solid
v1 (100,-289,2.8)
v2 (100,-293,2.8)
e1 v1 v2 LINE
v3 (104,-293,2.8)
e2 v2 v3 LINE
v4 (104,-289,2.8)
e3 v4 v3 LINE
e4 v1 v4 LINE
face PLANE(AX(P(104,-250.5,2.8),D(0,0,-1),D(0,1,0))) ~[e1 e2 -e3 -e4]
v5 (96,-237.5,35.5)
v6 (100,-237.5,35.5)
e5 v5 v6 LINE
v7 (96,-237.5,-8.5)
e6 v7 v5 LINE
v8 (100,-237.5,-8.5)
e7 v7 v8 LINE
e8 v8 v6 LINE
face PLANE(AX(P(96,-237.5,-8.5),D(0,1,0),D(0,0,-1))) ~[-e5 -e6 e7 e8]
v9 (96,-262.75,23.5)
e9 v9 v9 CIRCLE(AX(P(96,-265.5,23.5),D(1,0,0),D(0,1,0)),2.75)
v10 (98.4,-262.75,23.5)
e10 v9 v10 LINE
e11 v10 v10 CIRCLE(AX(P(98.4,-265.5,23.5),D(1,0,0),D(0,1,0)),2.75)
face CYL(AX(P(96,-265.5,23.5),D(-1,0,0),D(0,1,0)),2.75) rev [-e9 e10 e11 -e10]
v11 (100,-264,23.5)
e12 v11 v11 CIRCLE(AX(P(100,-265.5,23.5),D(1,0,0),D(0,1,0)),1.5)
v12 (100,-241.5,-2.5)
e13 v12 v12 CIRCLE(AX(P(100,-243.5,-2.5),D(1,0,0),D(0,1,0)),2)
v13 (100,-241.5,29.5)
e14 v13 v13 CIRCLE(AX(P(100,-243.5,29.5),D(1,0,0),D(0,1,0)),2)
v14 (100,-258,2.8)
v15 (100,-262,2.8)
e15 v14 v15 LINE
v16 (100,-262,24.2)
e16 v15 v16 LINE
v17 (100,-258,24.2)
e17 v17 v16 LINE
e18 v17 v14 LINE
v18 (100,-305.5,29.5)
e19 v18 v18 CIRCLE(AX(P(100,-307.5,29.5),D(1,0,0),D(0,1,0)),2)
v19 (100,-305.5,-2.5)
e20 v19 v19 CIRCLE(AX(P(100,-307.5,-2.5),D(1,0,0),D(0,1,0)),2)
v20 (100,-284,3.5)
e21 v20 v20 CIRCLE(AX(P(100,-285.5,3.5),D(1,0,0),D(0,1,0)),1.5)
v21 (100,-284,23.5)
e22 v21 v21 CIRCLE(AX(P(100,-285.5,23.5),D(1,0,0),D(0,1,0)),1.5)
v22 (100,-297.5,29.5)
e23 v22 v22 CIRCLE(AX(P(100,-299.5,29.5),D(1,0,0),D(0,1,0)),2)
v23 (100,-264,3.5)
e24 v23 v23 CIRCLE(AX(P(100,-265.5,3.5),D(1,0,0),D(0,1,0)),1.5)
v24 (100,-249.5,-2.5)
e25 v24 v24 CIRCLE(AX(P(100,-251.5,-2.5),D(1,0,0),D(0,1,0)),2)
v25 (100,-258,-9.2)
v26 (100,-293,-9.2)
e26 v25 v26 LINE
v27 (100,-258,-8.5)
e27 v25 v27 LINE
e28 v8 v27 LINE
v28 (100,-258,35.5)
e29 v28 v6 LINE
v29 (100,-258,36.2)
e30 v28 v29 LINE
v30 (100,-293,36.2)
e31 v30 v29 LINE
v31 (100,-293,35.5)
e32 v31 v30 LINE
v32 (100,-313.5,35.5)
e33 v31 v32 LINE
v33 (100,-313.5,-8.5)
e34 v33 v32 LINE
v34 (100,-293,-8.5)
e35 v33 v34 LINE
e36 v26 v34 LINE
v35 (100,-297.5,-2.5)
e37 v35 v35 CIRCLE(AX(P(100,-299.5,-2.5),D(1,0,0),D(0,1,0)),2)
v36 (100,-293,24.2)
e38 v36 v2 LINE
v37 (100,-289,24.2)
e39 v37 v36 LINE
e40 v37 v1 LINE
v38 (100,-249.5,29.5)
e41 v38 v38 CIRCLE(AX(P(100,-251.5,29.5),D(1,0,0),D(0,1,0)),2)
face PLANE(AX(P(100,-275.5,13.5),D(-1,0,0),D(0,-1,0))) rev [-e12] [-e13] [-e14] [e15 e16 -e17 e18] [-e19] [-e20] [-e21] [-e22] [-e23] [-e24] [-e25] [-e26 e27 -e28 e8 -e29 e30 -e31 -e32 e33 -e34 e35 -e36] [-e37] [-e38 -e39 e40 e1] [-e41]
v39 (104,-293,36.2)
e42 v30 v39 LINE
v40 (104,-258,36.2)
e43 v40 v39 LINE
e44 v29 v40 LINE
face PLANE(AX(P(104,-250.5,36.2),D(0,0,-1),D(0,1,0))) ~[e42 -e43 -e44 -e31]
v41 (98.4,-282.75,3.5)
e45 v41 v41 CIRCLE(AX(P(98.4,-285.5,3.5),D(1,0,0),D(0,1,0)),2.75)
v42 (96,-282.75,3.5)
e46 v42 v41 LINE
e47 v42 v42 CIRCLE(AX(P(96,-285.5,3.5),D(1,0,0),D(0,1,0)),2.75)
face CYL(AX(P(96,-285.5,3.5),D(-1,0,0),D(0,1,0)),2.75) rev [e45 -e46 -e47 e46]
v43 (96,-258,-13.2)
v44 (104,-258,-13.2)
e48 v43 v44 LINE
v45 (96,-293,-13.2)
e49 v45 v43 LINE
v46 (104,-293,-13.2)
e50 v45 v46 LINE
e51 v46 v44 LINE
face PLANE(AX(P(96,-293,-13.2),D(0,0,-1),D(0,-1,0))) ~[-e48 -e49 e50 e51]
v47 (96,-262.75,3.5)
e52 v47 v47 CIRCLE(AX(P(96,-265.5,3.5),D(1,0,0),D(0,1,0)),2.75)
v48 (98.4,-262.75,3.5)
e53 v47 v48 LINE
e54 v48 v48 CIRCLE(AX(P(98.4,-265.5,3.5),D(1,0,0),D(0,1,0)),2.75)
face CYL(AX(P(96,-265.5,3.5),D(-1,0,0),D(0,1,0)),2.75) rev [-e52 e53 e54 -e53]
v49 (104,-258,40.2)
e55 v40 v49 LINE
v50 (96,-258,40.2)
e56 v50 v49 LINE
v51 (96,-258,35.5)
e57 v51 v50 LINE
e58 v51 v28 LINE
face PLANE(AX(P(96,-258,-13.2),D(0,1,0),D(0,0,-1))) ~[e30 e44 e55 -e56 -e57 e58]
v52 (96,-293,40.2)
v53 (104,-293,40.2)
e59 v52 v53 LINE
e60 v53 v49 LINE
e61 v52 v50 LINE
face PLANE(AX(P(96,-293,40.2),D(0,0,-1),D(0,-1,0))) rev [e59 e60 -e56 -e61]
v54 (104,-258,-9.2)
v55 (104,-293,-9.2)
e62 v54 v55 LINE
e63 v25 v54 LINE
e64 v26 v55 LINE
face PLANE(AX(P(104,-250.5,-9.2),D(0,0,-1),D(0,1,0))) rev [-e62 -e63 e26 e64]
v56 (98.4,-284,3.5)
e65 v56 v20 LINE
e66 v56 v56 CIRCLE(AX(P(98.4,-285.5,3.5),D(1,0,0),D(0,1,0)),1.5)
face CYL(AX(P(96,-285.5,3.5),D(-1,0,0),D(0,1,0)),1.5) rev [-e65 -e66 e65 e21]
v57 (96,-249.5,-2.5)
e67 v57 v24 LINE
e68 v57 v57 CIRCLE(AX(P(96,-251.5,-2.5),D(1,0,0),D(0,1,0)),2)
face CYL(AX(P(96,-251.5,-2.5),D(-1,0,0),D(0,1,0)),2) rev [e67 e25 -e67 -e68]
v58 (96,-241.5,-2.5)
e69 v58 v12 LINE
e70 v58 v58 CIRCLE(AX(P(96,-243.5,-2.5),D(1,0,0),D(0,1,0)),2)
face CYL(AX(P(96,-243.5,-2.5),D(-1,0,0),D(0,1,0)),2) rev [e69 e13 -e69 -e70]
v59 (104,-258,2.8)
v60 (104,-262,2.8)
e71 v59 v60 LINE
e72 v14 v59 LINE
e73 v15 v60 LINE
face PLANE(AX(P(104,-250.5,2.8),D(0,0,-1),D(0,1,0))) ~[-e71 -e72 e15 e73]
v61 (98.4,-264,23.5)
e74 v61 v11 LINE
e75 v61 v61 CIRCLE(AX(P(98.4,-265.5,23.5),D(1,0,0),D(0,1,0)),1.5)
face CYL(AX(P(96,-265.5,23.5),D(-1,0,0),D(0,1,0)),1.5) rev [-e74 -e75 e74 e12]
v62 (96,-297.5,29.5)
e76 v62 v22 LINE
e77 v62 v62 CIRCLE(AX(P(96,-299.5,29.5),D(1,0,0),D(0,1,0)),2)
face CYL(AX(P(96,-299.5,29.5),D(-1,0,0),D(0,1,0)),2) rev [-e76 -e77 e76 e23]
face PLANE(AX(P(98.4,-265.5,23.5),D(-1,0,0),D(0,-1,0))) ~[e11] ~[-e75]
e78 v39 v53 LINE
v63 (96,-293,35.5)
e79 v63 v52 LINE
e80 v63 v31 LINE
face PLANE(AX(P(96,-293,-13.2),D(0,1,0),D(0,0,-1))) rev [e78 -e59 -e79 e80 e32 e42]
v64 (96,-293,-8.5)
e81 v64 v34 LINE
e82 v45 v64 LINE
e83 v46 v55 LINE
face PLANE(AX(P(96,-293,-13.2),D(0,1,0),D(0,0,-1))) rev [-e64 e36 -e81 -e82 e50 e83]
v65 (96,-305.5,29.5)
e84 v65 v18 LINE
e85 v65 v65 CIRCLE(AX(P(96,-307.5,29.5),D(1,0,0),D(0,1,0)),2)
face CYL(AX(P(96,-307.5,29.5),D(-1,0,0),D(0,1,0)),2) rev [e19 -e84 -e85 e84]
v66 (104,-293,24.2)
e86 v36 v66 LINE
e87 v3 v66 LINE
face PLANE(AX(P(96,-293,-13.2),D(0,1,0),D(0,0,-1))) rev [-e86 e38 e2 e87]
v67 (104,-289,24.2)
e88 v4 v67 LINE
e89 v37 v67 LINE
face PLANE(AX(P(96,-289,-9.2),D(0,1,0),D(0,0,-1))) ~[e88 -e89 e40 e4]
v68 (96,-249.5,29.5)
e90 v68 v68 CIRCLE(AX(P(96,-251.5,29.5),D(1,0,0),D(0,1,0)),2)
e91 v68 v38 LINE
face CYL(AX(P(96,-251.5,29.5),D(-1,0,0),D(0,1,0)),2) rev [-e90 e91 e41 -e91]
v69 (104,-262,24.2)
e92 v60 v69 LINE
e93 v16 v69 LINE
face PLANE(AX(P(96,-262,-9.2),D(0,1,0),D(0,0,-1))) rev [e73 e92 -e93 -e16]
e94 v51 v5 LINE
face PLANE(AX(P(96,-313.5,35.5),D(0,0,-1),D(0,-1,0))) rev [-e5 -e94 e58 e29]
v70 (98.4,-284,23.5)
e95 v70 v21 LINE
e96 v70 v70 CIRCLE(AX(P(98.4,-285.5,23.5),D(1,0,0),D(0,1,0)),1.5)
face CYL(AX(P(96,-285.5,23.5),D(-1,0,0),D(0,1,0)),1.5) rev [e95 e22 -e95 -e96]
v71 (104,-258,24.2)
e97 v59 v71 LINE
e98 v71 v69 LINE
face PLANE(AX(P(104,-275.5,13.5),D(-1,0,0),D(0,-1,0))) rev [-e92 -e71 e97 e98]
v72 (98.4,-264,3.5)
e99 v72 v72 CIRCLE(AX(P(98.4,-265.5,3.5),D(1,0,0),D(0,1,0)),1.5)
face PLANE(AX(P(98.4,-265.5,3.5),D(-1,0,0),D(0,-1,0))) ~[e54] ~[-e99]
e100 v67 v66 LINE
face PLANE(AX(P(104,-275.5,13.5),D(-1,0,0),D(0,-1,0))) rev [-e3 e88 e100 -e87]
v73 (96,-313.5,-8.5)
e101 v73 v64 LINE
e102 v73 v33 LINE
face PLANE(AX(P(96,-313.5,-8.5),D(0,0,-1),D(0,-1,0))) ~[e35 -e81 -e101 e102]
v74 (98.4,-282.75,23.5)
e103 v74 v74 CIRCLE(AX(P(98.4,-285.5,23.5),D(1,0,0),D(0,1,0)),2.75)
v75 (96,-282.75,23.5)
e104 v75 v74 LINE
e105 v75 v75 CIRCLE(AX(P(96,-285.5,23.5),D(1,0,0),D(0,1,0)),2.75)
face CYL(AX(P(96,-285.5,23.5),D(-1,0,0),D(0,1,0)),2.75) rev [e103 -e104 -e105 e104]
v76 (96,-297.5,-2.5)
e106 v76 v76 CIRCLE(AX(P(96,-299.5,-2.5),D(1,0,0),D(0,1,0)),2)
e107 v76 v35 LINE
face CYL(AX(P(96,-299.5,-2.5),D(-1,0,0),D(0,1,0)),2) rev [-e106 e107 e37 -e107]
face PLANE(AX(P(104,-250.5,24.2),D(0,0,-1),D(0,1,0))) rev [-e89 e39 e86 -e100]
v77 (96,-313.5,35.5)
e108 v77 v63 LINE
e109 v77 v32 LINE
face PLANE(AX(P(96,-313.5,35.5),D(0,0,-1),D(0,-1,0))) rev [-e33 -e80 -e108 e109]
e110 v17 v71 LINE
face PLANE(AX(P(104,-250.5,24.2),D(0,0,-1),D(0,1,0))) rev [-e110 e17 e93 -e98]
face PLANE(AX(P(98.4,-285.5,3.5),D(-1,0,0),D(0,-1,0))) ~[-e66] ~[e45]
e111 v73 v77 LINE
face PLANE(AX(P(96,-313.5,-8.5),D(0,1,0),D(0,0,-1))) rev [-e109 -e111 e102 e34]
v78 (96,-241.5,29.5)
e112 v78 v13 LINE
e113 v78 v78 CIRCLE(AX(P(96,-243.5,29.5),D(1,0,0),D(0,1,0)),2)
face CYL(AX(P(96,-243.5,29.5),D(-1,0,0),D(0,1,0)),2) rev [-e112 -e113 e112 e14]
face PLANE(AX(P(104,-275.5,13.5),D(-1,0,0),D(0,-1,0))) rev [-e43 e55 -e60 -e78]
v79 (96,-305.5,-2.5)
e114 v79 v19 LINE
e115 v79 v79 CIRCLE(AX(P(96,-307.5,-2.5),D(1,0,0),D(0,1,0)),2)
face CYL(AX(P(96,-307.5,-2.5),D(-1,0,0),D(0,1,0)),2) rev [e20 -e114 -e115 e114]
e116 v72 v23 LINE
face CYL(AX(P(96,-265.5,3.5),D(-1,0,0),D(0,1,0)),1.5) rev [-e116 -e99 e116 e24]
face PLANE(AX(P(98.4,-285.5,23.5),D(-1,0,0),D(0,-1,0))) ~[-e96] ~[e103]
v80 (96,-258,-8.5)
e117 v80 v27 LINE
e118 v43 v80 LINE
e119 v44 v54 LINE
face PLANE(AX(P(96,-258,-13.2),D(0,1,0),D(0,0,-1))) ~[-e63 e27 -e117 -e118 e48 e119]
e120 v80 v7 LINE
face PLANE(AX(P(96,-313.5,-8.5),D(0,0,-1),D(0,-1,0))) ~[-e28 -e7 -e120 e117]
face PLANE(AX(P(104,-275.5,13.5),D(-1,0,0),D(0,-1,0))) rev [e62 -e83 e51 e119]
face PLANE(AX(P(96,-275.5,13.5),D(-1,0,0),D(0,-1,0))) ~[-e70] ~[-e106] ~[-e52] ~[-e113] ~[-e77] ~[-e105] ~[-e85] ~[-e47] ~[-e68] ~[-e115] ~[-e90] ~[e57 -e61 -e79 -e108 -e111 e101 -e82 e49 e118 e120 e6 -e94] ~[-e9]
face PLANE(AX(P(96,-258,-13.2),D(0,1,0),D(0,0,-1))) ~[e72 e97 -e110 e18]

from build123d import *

# Parameters (mm, degrees)
SKETCH053_W     = 4
SKETCH053_H     = 27
PAD030_DEPTH    = 45.4
SKETCH054_R     = 1.5
POCKET022_DEPTH = 5
SKETCH055_R     = 2.75
POCKET023_DEPTH = 2.4
SKETCH056_W     = 35
SKETCH056_H     = 53.4
SKETCH056_W_2   = 27
SKETCH056_H_2   = 45.4
PAD031_DEPTH    = 8
SKETCH057_W     = 76
SKETCH057_H     = 44
SKETCH057_R     = 2
SKETCH057_W_2   = 30
SKETCH057_H_2   = 30
PAD032_DEPTH    = 4
SKETCH058_W     = 50
SKETCH058_H     = 12
POCKET024_DEPTH = 4


with BuildPart() as left001:
    # Sketch053 → Pad030 (new body)
    with BuildSketch(Plane.XY):
        Rectangle(SKETCH053_W, SKETCH053_H)
    extrude(amount=PAD030_DEPTH)

    # Sketch054 (on Face2 of Pad030) → Pocket022 (cut)
    with BuildSketch(Plane.YZ.offset(2)):
        with Locations((-10, 32.7)):
            Circle(SKETCH054_R)
        with Locations((10, 32.7)):
            Circle(SKETCH054_R)
        with Locations((10, 12.7)):
            Circle(SKETCH054_R)
        with Locations((-10, 12.7)):
            Circle(SKETCH054_R)
    extrude(amount=-POCKET022_DEPTH, mode=Mode.SUBTRACT)

    # Sketch055 (on Face2 of Pad030) → Pocket023 (cut)
    with BuildSketch(Plane.YZ.offset(2)):
        with Locations((-10, 32.7)):
            Circle(SKETCH055_R)
        with Locations((10, 32.7)):
            Circle(SKETCH055_R)
        with Locations((10, 12.7)):
            Circle(SKETCH055_R)
        with Locations((-10, 12.7)):
            Circle(SKETCH055_R)
    extrude(amount=-POCKET023_DEPTH, mode=Mode.SUBTRACT)

    # Sketch056 (on Face3 of Pocket023) → Pad031 (join)
    with BuildSketch(Plane.YZ.offset(2)):
        with Locations((0, 22.7)):
            Rectangle(SKETCH056_W, SKETCH056_H)
        with Locations((0, 22.7)):
            Rectangle(SKETCH056_W_2, SKETCH056_H_2, mode=Mode.SUBTRACT)
    extrude(amount=-PAD031_DEPTH)

    # Sketch057 (on Face23 of Pad031) → Pad032 (join)
    with BuildSketch(Plane.YZ.offset(2)):
        with Locations((0, 22.7)):
            Rectangle(SKETCH057_W, SKETCH057_H)
        with Locations((-32, 38.7)):
            Circle(SKETCH057_R, mode=Mode.SUBTRACT)
        with Locations((32, 38.7)):
            Circle(SKETCH057_R, mode=Mode.SUBTRACT)
        with Locations((32, 6.7)):
            Circle(SKETCH057_R, mode=Mode.SUBTRACT)
        with Locations((-32, 6.7)):
            Circle(SKETCH057_R, mode=Mode.SUBTRACT)
        with Locations((-24, 38.7)):
            Circle(SKETCH057_R, mode=Mode.SUBTRACT)
        with Locations((24, 38.7)):
            Circle(SKETCH057_R, mode=Mode.SUBTRACT)
        with Locations((24, 6.7)):
            Circle(SKETCH057_R, mode=Mode.SUBTRACT)
        with Locations((-24, 6.7)):
            Circle(SKETCH057_R, mode=Mode.SUBTRACT)
        with Locations((0, 22.7)):
            Rectangle(SKETCH057_W_2, SKETCH057_H_2, mode=Mode.SUBTRACT)
    extrude(amount=-PAD032_DEPTH)

    # Sketch058 (on Face4 of Pad032) → Pocket024 (cut)
    with BuildSketch(Plane(origin=(-6, 0, 0), x_dir=(0, -1, 0), z_dir=(-1, 0, 0))):
        with Locations((0, 39.4)):
            Rectangle(SKETCH058_W, SKETCH058_H)
        with Locations((0, 6)):
            Rectangle(SKETCH058_W, SKETCH058_H)
    extrude(amount=-POCKET024_DEPTH, mode=Mode.SUBTRACT)


with BuildPart() as left001_1:
    # Body017 placement: moved
    add(left001.part.moved(Location((-98, -275.5, -9.2))))


with BuildPart() as right001:
    # Part__Mirroring006: instance of Left001
    add(left001_1.part.mirror(Plane(origin=(0, 0, 0), x_dir=(0, -1, 0), z_dir=(1, 0, 0))))


solid = right001.part
